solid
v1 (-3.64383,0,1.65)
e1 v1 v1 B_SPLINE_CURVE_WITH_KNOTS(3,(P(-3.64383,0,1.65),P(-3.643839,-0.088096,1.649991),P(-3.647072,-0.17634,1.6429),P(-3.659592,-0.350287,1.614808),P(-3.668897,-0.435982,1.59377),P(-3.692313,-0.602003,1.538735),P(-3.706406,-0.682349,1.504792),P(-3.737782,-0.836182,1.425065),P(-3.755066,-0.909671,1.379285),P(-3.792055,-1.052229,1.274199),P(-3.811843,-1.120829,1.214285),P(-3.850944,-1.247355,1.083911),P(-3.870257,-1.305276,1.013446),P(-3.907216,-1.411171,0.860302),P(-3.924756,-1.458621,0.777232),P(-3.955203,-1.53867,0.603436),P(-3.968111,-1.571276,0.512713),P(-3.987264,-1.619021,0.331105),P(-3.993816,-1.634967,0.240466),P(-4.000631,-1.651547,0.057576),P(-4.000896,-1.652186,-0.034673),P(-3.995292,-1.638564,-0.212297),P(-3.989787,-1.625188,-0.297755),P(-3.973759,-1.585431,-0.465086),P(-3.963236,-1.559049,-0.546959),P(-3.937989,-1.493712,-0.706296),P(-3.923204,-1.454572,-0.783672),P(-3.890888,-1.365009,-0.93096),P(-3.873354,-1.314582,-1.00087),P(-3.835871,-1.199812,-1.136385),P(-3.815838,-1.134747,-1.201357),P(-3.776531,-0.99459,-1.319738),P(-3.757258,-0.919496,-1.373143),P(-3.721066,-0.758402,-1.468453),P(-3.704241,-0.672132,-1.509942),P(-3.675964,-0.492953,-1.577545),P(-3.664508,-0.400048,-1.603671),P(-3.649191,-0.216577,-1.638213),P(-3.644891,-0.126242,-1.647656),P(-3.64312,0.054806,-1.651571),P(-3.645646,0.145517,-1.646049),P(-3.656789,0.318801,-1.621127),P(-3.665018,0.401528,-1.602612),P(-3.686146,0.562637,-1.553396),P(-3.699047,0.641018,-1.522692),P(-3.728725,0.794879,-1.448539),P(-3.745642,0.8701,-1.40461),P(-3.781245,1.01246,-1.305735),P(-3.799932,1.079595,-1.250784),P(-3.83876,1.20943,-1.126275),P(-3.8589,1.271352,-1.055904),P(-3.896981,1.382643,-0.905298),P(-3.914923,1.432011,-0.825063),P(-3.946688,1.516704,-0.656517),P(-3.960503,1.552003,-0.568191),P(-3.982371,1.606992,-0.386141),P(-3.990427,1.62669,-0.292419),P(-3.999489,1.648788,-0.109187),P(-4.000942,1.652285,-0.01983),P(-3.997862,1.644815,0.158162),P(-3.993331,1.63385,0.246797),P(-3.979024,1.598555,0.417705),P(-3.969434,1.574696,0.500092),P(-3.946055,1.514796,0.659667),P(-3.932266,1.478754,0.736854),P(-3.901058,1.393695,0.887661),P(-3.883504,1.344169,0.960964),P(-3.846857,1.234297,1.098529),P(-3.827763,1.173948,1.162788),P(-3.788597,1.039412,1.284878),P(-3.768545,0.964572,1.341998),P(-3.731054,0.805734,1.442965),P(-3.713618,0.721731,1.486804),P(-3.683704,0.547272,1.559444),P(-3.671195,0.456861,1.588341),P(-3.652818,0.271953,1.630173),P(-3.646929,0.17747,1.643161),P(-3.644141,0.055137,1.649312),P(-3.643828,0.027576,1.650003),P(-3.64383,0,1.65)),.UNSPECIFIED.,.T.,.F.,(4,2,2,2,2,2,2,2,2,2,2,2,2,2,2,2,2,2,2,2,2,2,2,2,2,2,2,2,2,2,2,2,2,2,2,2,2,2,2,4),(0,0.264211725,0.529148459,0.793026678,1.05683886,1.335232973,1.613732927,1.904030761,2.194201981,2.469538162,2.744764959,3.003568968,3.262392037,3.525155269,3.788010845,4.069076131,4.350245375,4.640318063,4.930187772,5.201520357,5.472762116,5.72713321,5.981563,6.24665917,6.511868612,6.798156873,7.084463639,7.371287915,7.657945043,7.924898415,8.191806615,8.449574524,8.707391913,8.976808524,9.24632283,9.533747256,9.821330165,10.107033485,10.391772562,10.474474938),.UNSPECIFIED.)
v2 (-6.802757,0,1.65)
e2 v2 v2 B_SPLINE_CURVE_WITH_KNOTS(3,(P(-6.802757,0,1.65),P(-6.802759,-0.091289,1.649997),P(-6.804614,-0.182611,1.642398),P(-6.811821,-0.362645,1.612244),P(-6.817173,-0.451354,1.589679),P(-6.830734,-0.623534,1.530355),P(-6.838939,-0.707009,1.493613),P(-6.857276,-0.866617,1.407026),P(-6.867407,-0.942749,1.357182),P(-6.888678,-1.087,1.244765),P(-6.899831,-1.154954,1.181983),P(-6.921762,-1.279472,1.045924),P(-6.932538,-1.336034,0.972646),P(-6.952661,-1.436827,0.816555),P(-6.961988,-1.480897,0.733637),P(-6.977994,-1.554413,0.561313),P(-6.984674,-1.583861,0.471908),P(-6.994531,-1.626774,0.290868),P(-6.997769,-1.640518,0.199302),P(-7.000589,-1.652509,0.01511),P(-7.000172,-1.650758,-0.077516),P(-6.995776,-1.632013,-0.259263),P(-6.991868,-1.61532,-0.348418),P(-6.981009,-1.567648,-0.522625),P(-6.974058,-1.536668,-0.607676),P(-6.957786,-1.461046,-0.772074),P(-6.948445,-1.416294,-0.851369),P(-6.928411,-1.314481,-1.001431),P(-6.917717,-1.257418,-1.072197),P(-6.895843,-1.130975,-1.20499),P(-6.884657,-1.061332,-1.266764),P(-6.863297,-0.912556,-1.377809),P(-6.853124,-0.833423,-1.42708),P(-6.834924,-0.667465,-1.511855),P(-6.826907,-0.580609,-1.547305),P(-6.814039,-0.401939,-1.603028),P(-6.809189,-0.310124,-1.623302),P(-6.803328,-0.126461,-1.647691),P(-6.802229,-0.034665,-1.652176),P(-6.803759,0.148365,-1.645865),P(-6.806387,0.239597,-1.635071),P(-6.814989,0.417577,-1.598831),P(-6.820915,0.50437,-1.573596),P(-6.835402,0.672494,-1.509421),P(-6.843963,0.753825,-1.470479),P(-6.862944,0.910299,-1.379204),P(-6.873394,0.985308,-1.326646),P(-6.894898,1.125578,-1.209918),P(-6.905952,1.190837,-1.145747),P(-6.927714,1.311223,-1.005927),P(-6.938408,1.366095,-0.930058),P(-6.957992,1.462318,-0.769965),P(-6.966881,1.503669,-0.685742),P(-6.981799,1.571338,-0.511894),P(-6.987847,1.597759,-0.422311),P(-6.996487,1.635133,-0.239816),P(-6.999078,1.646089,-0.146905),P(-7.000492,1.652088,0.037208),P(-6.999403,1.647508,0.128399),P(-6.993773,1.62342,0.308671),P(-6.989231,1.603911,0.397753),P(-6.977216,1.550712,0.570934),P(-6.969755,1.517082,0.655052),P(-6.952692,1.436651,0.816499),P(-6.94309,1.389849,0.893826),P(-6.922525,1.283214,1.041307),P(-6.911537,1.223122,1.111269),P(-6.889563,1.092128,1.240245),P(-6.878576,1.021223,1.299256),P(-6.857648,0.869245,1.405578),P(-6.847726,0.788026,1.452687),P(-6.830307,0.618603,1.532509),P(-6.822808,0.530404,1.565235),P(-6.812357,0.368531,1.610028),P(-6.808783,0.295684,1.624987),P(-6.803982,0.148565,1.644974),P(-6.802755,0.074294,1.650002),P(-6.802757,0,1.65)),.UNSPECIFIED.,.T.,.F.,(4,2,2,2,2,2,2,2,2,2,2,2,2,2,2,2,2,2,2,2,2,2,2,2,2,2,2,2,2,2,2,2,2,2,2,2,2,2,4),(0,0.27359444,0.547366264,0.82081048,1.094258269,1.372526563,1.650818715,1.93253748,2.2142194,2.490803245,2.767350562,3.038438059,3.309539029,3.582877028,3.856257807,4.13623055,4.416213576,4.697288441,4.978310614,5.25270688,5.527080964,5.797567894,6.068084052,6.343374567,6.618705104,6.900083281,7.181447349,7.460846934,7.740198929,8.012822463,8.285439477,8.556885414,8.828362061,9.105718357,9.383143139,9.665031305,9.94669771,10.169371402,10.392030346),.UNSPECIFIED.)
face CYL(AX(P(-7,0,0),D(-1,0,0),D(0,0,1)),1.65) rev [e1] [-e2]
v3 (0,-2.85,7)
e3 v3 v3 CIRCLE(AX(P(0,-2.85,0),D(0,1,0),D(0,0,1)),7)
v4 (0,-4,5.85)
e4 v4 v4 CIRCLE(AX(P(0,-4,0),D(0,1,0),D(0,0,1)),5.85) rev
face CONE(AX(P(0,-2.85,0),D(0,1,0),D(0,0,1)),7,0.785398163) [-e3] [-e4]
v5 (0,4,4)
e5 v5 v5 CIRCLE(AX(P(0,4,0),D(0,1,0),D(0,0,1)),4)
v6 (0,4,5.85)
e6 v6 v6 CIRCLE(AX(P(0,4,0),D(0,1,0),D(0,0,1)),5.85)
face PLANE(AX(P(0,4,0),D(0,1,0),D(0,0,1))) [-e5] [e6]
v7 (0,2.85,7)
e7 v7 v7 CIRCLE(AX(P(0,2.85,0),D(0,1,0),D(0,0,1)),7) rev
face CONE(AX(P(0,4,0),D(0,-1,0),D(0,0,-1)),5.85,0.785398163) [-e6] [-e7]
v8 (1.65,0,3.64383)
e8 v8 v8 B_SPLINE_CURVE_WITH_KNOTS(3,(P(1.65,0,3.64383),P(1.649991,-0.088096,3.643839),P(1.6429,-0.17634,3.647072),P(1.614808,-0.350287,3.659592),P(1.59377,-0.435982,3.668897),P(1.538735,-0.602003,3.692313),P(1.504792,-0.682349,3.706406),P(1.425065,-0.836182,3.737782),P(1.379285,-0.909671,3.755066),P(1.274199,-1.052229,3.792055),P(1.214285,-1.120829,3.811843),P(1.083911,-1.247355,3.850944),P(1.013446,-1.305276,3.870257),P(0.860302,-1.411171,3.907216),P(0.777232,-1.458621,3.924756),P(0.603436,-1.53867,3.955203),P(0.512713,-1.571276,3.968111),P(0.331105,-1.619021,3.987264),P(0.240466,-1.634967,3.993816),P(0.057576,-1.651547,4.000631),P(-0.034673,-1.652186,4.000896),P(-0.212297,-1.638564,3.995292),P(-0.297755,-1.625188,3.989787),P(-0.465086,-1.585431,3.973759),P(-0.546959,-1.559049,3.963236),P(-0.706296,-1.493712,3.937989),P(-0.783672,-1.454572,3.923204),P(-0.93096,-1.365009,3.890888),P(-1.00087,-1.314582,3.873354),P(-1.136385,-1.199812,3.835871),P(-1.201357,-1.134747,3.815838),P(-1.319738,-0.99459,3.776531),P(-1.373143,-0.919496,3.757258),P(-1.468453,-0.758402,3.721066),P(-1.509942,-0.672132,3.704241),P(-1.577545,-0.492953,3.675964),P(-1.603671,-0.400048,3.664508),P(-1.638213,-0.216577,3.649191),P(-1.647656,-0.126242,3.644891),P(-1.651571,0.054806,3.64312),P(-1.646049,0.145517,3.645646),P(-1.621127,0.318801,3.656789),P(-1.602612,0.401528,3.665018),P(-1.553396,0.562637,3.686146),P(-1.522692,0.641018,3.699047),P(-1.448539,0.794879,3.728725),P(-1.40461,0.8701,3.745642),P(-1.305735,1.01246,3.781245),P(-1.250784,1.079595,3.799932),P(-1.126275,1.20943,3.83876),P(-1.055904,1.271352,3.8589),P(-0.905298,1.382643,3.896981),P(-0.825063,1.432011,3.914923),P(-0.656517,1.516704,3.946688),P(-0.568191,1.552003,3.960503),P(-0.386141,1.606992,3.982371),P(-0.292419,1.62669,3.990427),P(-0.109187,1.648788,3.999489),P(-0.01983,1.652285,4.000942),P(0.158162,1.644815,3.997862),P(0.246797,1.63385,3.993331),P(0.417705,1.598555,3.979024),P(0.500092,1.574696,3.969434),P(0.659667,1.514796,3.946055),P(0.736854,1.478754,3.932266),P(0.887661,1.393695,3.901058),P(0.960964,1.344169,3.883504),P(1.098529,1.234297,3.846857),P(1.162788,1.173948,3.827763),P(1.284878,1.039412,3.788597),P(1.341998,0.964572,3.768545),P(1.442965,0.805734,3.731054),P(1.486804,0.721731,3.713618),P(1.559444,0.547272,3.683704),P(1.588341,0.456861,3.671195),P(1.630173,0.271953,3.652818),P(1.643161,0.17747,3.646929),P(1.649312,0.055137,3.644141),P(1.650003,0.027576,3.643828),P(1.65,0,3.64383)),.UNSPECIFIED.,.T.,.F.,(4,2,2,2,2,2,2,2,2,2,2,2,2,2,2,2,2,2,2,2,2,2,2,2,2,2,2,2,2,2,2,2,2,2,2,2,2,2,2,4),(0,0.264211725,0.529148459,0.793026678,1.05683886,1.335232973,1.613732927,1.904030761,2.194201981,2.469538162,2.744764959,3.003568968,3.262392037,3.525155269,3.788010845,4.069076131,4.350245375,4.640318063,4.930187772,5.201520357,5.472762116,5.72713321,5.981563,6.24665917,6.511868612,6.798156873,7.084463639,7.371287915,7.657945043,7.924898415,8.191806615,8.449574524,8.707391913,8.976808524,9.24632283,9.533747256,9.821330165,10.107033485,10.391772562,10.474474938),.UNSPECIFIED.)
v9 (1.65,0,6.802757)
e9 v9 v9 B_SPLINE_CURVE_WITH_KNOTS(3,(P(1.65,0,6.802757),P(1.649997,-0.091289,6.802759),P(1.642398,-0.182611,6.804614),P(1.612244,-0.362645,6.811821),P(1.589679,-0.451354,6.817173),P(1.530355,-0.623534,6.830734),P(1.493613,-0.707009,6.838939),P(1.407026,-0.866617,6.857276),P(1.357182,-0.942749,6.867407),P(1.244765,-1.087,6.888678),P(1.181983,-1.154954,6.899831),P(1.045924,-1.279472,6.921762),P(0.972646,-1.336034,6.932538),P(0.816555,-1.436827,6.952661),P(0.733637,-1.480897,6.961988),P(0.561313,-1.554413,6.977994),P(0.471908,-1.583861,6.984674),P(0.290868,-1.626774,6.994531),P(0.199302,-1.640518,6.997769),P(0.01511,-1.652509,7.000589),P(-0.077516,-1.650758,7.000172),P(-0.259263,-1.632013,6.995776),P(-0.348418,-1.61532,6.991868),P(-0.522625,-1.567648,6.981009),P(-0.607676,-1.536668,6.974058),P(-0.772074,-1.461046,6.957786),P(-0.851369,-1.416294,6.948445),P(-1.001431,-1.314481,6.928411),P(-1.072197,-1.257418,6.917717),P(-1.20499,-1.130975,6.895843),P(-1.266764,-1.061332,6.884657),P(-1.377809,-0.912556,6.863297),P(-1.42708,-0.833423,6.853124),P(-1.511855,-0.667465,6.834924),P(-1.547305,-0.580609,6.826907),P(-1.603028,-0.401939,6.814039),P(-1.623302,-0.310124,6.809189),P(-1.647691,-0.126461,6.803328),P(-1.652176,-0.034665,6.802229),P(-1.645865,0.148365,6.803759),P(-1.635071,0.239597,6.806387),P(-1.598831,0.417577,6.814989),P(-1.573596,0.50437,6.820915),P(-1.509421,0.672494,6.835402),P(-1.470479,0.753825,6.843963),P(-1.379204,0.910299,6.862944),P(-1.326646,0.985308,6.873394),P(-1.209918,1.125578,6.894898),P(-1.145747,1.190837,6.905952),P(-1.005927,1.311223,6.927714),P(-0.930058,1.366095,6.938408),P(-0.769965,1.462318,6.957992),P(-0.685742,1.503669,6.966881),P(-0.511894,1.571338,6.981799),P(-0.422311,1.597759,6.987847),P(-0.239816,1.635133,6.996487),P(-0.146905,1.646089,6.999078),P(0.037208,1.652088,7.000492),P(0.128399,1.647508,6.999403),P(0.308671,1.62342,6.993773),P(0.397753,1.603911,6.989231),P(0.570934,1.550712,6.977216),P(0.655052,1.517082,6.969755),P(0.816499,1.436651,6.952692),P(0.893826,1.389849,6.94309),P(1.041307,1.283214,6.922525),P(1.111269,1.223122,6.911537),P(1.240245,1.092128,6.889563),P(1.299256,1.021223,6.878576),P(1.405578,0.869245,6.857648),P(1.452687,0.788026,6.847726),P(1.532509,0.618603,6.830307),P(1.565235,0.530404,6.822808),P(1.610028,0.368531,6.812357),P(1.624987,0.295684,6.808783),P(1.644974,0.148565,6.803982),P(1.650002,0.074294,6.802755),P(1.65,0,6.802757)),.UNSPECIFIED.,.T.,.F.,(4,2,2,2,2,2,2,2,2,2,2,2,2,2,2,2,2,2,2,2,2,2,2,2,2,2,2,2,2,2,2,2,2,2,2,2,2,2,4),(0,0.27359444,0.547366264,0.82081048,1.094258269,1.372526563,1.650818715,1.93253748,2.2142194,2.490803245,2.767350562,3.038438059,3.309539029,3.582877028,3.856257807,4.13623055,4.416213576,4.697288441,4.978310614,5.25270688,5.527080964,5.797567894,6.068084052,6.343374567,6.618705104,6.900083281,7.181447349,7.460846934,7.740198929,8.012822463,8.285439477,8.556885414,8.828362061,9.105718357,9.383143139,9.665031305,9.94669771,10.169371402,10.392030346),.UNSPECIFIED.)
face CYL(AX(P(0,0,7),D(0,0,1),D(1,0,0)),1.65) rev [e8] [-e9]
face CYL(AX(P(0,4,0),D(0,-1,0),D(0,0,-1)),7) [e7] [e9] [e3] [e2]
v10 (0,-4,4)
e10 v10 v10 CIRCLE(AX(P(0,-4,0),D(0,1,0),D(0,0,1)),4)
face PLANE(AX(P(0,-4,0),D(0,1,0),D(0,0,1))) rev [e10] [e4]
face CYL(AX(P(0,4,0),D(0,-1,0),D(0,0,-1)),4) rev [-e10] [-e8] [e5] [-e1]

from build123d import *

# Parameters (mm, degrees)
SKETCH1_R                  = 7
SKETCH1_R_2                = 4
BOSS_EXTRUDE1_DEPTH        = 4
M4X0_7_TAPPED_HOLE1_REACH  = 18.155
M4X0_7_TAPPED_HOLE1_BORE_R = 1.65
CHAMFER1_SIZE              = 1.15
CIRPATTERN1_COUNT          = 2
CIRPATTERN1_ANGLE          = 90


with BuildPart() as part:
    # Sketch1 → Boss-Extrude1 (new, symmetric)
    with BuildSketch(Plane(origin=(0, 0, 0), x_dir=(1, 0, 0), z_dir=(0, 1, 0))):
        with Locations(Location((0, 0, 0), (0, 0, 270))):
            Circle(SKETCH1_R)
        with Locations(Location((0, 0, 0), (0, 0, 270))):
            Circle(SKETCH1_R_2, mode=Mode.SUBTRACT)
    extrude(amount=BOSS_EXTRUDE1_DEPTH, both=True)

    # M4x0.7 Tapped Hole1 bore → M4x0.7 Tapped Hole1 (cut, up to next)
    with BuildSketch(Plane.XY.offset(7), mode=Mode.PRIVATE) as m4x0_7_tapped_hole1_sk1:
        Circle(M4X0_7_TAPPED_HOLE1_BORE_R)
    m4x0_7_tapped_hole1_tool1 = extrude(m4x0_7_tapped_hole1_sk1.sketch, amount=-M4X0_7_TAPPED_HOLE1_REACH, mode=Mode.PRIVATE) & part.part
    m4x0_7_tapped_hole1 = m4x0_7_tapped_hole1_tool1.solids().sort_by_distance((0, 0, 7))[0]
    add(m4x0_7_tapped_hole1, mode=Mode.SUBTRACT)

    # Chamfer1
    chamfer1_edges = [part.edges().sort_by_distance(p)[0] for p in [
        (0, -4, -7),
        (0, 4, -7),
    ]]
    chamfer(chamfer1_edges, length=CHAMFER1_SIZE)

    # CirPattern1: M4x0.7 Tapped Hole1 ×2 about axis
    cirpattern1_axis = Axis((0, 4, 0), (0, -1, 0))
    for i in range(1, CIRPATTERN1_COUNT):
        add(m4x0_7_tapped_hole1.rotate(cirpattern1_axis, i * CIRPATTERN1_ANGLE / (CIRPATTERN1_COUNT - 1)), mode=Mode.SUBTRACT)


solid = part.part
